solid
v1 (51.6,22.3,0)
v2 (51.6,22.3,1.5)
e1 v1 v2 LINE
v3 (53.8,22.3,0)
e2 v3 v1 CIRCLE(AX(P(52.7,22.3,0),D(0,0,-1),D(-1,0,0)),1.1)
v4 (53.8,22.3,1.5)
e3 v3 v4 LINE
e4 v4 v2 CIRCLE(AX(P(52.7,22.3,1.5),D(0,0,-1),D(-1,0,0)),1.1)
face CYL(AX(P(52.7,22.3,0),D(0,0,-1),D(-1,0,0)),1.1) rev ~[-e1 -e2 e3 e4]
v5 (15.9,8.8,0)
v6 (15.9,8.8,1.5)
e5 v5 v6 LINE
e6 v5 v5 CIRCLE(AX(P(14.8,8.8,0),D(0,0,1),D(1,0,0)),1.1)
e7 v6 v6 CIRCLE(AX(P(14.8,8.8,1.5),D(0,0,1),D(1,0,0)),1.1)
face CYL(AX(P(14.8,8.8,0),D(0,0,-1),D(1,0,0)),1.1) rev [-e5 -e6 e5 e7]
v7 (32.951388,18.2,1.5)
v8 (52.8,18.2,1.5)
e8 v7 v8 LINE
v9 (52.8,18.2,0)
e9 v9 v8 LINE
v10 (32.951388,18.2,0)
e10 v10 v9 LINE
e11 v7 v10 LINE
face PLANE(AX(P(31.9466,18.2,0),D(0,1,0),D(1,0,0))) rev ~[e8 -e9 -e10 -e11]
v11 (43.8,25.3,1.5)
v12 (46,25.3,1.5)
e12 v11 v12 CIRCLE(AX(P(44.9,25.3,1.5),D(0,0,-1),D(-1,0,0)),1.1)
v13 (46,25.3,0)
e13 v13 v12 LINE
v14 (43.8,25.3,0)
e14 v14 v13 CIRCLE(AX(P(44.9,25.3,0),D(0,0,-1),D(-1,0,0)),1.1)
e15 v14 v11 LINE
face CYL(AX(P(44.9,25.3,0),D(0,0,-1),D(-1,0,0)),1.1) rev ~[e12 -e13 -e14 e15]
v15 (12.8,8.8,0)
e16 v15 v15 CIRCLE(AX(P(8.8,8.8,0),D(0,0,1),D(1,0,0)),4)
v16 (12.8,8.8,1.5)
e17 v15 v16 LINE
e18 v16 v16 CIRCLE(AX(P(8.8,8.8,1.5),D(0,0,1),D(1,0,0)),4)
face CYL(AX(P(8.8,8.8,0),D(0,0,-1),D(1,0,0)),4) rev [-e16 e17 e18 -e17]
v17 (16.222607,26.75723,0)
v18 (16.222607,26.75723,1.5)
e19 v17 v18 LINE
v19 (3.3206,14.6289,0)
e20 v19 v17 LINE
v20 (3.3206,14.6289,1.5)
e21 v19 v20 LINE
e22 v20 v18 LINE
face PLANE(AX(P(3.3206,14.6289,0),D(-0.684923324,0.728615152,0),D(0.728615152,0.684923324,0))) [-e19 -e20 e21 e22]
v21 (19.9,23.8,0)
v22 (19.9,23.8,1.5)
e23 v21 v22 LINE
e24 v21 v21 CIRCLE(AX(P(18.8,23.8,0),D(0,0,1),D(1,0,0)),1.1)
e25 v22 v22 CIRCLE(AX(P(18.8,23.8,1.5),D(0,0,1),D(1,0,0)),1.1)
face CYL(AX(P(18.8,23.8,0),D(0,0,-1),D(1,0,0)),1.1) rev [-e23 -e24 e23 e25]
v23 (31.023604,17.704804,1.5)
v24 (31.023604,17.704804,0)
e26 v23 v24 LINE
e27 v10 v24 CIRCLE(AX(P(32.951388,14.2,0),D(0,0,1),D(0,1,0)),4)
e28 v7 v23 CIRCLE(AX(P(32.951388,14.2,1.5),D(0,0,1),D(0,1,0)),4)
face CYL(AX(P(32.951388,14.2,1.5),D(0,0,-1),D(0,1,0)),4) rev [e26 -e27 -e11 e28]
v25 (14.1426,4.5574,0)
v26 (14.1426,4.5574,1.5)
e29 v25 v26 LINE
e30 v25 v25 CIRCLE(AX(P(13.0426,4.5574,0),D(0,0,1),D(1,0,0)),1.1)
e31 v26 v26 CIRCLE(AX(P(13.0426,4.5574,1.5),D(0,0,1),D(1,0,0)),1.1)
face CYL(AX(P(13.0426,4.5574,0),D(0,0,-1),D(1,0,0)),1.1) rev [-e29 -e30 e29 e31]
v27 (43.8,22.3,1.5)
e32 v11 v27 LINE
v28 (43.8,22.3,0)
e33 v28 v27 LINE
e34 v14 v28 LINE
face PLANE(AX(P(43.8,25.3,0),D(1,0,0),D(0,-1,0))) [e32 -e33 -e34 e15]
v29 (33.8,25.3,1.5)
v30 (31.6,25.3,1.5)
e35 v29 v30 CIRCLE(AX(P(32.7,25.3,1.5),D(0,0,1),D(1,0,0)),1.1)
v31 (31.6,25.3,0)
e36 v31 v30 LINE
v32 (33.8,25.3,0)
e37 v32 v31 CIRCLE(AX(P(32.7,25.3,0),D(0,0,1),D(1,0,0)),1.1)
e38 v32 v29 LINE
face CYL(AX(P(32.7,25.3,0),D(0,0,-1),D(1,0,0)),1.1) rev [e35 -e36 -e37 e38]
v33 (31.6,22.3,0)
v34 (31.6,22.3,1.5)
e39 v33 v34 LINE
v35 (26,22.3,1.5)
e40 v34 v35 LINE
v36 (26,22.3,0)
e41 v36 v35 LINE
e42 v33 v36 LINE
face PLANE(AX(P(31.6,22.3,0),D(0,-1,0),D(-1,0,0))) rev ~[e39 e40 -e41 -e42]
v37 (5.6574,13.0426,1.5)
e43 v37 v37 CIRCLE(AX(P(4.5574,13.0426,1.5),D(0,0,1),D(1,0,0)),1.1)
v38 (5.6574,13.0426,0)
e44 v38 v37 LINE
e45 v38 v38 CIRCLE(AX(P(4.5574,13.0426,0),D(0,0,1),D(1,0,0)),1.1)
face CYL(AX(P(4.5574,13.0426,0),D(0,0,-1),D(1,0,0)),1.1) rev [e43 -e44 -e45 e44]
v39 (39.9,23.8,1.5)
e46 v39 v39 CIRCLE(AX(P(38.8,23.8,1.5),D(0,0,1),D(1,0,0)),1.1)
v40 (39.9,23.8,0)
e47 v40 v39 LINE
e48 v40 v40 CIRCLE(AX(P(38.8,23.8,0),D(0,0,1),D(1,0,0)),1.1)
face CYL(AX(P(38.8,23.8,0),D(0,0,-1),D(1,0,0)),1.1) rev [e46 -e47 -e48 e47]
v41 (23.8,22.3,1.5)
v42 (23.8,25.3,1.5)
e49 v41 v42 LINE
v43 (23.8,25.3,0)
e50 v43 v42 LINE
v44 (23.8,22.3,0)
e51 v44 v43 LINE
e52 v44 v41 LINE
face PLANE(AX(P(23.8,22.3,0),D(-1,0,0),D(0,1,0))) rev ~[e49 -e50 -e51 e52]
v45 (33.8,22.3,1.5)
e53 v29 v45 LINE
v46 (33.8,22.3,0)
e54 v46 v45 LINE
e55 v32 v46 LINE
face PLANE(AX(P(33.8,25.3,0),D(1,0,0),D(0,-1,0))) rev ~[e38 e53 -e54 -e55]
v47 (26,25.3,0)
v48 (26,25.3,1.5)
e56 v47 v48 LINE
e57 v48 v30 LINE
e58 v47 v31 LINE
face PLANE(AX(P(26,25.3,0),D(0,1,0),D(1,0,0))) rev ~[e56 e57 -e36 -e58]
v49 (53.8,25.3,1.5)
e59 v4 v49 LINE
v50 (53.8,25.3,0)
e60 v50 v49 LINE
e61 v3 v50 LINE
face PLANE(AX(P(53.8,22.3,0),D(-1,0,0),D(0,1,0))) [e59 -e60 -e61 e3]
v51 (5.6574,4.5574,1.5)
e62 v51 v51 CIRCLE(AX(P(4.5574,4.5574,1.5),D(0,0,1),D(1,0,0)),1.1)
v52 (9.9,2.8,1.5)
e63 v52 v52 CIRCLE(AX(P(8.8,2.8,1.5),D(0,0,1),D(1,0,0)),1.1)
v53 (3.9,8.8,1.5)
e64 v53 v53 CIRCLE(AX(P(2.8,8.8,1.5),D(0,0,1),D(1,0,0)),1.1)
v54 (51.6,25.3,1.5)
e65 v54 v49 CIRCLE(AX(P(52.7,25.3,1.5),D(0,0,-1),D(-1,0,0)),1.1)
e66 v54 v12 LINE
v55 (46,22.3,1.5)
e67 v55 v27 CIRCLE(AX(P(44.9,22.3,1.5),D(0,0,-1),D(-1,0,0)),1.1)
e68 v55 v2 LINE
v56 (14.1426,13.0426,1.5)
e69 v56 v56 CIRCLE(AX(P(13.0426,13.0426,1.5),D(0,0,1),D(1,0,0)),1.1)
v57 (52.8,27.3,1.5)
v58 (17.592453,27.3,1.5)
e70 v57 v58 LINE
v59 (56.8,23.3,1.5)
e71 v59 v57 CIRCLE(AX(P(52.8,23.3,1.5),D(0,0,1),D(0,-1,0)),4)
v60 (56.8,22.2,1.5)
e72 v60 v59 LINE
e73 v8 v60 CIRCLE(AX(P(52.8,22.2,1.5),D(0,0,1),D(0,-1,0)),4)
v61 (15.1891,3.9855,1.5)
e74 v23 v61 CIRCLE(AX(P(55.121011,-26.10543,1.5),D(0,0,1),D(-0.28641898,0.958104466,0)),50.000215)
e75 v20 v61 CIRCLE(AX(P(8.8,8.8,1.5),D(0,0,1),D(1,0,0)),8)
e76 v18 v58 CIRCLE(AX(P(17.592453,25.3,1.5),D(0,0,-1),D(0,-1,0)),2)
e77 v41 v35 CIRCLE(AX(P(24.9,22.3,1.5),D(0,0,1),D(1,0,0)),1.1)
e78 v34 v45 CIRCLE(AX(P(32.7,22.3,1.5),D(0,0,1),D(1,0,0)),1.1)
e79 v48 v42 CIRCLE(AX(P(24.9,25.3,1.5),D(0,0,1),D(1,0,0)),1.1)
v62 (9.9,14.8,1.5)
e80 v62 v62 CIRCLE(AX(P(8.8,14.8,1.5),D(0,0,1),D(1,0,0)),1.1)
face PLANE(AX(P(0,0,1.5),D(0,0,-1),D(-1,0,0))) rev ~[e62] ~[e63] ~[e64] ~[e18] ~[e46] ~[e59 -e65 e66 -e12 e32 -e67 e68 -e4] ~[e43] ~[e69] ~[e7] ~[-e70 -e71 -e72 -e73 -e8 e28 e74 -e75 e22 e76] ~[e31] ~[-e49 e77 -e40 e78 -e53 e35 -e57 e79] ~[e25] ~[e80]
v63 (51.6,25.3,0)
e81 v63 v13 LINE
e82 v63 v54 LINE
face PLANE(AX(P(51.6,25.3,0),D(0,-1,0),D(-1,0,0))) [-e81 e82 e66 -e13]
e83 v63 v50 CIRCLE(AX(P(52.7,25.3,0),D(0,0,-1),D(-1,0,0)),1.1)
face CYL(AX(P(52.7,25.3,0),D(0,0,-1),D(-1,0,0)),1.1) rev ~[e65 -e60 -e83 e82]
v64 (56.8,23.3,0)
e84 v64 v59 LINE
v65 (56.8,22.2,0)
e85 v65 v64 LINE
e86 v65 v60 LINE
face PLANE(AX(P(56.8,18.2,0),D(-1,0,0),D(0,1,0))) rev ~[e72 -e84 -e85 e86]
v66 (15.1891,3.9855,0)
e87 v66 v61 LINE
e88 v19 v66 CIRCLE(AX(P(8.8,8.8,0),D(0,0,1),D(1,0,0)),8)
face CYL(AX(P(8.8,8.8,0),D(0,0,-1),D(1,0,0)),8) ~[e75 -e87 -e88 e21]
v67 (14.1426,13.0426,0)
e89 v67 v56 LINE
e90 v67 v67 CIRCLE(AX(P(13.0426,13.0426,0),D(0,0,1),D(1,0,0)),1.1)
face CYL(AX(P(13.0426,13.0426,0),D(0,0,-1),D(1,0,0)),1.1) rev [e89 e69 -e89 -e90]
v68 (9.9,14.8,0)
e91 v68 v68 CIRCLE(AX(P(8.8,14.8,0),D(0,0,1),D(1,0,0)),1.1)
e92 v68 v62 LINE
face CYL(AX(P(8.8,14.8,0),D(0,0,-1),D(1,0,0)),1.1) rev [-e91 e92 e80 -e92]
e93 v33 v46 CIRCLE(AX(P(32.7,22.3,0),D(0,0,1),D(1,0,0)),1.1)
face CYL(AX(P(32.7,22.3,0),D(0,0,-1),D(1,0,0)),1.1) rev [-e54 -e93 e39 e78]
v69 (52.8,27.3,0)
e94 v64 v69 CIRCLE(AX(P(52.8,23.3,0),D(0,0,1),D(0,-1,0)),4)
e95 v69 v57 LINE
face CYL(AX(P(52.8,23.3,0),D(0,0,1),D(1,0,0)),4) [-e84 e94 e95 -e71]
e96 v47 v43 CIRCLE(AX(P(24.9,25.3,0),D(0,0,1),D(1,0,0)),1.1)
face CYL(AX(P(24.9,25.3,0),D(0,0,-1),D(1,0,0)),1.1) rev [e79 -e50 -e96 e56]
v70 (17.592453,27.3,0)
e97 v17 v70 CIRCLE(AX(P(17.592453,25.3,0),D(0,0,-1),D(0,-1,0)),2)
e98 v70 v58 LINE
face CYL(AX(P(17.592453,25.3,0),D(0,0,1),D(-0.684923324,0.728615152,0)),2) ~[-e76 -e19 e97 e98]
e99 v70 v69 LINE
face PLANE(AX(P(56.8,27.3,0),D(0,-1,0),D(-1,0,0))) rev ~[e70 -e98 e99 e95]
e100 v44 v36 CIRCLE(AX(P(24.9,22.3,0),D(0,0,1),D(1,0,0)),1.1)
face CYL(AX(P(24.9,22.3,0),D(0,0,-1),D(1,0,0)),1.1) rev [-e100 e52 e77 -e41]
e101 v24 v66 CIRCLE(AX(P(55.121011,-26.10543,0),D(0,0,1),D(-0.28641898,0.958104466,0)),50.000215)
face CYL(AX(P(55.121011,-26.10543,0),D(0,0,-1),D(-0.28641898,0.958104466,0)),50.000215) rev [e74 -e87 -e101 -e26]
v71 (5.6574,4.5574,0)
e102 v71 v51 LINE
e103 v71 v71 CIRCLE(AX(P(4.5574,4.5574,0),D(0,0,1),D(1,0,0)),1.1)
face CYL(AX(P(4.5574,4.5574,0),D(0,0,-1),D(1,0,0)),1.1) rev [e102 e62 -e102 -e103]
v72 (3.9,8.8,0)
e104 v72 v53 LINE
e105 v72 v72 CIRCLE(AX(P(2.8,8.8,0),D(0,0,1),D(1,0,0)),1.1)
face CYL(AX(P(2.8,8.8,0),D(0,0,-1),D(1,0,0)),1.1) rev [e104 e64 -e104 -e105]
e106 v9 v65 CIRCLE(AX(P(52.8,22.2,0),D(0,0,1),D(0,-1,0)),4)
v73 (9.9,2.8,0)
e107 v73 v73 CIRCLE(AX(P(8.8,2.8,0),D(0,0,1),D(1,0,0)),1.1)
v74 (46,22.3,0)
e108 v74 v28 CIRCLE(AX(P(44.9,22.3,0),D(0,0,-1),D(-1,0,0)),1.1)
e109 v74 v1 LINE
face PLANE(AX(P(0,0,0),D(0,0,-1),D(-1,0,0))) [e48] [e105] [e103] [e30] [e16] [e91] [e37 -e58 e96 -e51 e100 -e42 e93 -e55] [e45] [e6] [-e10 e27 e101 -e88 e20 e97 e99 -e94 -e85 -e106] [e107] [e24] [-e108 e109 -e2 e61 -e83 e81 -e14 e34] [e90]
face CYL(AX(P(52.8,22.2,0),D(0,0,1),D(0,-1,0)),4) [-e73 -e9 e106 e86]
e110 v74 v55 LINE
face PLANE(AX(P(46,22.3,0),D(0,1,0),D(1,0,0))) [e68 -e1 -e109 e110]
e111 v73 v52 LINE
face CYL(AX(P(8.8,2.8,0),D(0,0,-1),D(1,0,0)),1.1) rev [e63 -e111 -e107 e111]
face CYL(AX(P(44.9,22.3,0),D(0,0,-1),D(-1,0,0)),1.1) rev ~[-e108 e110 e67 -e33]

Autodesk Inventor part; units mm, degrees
ref_plane "YZ Plane" through (0, 0, 0) normal (1, 0, 0) x (0, 1, 0)
ref_plane "XZ Plane" through (0, 0, 0) normal (0, 1, 0) x (-1, 0, 0)
ref_plane "XY Plane" through (0, 0, 0) normal (0, 0, 1) x (1, 0, 0)
sketch "スケッチ1" plane through (0, 0, 0) normal (0, 0, 1) x (1, 0, 0)
  circle A0 centre (8.8, 8.8) radius 8 projected
  circle A1 centre (2.8, 8.8) radius 0.825 projected
  circle A2 centre (4.5574, 4.5574) radius 0.825 projected
  circle A3 centre (8.8, 2.8) radius 0.825 projected
  circle A4 centre (13.0426, 4.5574) radius 0.825 projected
  circle A5 centre (14.8, 8.8) radius 0.825 projected
  circle A6 centre (13.0426, 13.0426) radius 0.825 projected
  circle A7 centre (8.8, 14.8) radius 0.825 projected
  circle A8 centre (4.5574, 13.0426) radius 0.825 projected
  circle A9 centre (8.8, 8.8) radius 4 projected
  circle A10 centre (8.8, 14.8) radius 1.1
  circle A11 centre (4.5574, 13.0426) radius 1.1
  circle A12 centre (2.8, 8.8) radius 1.1
  circle A13 centre (4.5574, 4.5574) radius 1.1
  circle A14 centre (8.8, 2.8) radius 1.1
  circle A15 centre (13.0426, 4.5574) radius 1.1
  circle A16 centre (14.8, 8.8) radius 1.1
  circle A17 centre (13.0426, 13.0426) radius 1.1
  line L0 (3.3206, 14.6289) -> (16.8, 27.3)
  line L1 (23.8, 25.3) -> (33.8, 25.3)
  line L2 (33.8, 25.3) -> (33.8, 22.3)
  line L3 (33.8, 22.3) -> (23.8, 22.3)
  line L4 (23.8, 22.3) -> (23.8, 25.3)
  circle A18 centre (24.9, 25.3) radius 1.1
  line L5 (28.8, 25.3) -> (28.8, 22.3) construction
  line L6 (28.8, 23.8) -> (23.8, 23.8) construction
  circle A19 centre (24.9, 22.3) radius 1.1
  circle A20 centre (32.7, 25.3) radius 1.1
  circle A21 centre (32.7, 22.3) radius 1.1
  circle A22 centre (38.8, 23.8) radius 1.1
  circle A23 centre (18.8, 23.8) radius 1.1
  line L7 (16.8, 27.3) -> (40.8, 27.3)
  line L8 (40.8, 27.3) -> (40.8, 21.8)
  arc A24 (40.8, 21.8) -> (15.1891, 3.9855) centre (55.1209, -26.1052) ccw
  point P0 (0, 0)
  point P1 (31.6, 22.3)
  point P2 (26, 22.3)
  point P3 (26, 25.3)
  point P4 (31.6, 25.3)
  dimension "d7" = 2.2
  dimension "d0" = 2.2
  dimension "d3" = 360
  dimension "d5" = 10
  dimension "d6" = 3
  dimension "d8" = 2.2
  dimension "d9" = 5
  dimension "d10" = 2
  dimension "d11" = 2
  dimension "d12" = 2
  dimension "d13" = 20
  dimension "d14" = 2
  dimension "d15" = 15
  dimension "d16" = 50
extrude "押し出し1" add sketch "スケッチ1" along normal blind 1.5 contours A0 | A0 L0 L7 L8 A24
fillet "フィレット1" radius 2 3 edges at (40.8, 27.3, 0.75) (40.8, 21.8, 0.75) (16.8, 27.3, 0.75)
sketch "スケッチ4" plane through (0, 0, 0) normal (0, 0, -1) x (-1, 0, 0)
  line L0 (-53.8, 25.3) -> (-43.8, 25.3)
  line L1 (-43.8, 25.3) -> (-43.8, 22.3)
  line L2 (-43.8, 22.3) -> (-53.8, 22.3)
  line L3 (-53.8, 22.3) -> (-53.8, 25.3)
  circle A0 centre (-38.8, 23.8) radius 1.1 projected
  circle A1 centre (-52.7, 25.3) radius 1.1
  line L4 (-48.8, 25.3) -> (-48.8, 23.8) construction
  line L5 (-48.8, 23.8) -> (-53.8, 23.8) construction
  circle A2 centre (-44.9, 25.3) radius 1.1
  circle A3 centre (-52.7, 22.3) radius 1.1
  circle A4 centre (-44.9, 22.3) radius 1.1
  arc A5 (-15.1891, 3.9855) -> (-39.4277, 21.3682) centre (-55.1209, -26.1052) ccw projected
  line L6 (-31.9466, 18.2) -> (-56.8, 18.2)
  line L7 (-56.8, 18.2) -> (-56.8, 27.3)
  line L8 (-38.8, 27.3) -> (-17.5925, 27.3) construction
  line L9 (-56.8, 27.3) -> (-38.8, 27.3)
  arc A6 (-16.2226, 26.7572) -> (-17.5925, 27.3) centre (-17.5925, 25.3) ccw projected
  line L10 (-38.8, 27.3) -> (-17.5925, 27.3) projected
  arc A7 (-38.8, 27.3) -> (-40.8, 25.3) centre (-38.8, 25.3) ccw projected
  line L11 (-40.8, 23.2671) -> (-40.8, 25.3) projected
  arc A8 (-40.8, 23.2671) -> (-39.4277, 21.3682) centre (-38.8, 23.2671) ccw projected
  arc A9 (-15.1891, 3.9855) -> (-39.4277, 21.3682) centre (-55.1209, -26.1052) ccw construction
  arc A10 (-15.1891, 3.9855) -> (-3.3206, 14.6289) centre (-8.8, 8.8) ccw projected
  line L12 (-16.2226, 26.7572) -> (-3.3206, 14.6289) projected
  circle A11 centre (-8.8, 8.8) radius 4 projected
  circle A12 centre (-8.8, 14.8) radius 1.1 projected
  circle A13 centre (-4.5574, 13.0426) radius 1.1 projected
  circle A14 centre (-2.8, 8.8) radius 1.1 projected
  circle A15 centre (-4.5574, 4.5574) radius 1.1 projected
  circle A16 centre (-8.8, 2.8) radius 1.1 projected
  circle A17 centre (-13.0426, 4.5574) radius 1.1 projected
  circle A18 centre (-14.8, 8.8) radius 1.1 projected
  circle A19 centre (-13.0426, 13.0426) radius 1.1 projected
  circle A20 centre (-38.8, 23.8) radius 1.1 projected
  circle A21 centre (-18.8, 23.8) radius 1.1 projected
  line L13 (-33.8, 25.3) -> (-33.8, 22.3) projected
  arc A22 (-31.6, 25.3) -> (-33.8, 25.3) centre (-32.7, 25.3) ccw projected
  line L14 (-26, 25.3) -> (-31.6, 25.3) projected
  arc A23 (-23.8, 25.3) -> (-26, 25.3) centre (-24.9, 25.3) ccw projected
  line L15 (-23.8, 22.3) -> (-23.8, 25.3) projected
  arc A24 (-26, 22.3) -> (-23.8, 22.3) centre (-24.9, 22.3) ccw projected
  line L16 (-31.6, 22.3) -> (-26, 22.3) projected
  arc A25 (-33.8, 22.3) -> (-31.6, 22.3) centre (-32.7, 22.3) ccw projected
  point P0 (0, 0)
  point P1 (-43.8, 23.8)
  point P2 (-39.4277, 21.3682)
  point P3 (-46, 22.3)
  point P4 (-51.6, 22.3)
  point P5 (-51.6, 25.3)
  point P6 (-46, 25.3)
  dimension "d32" = 2.2
  dimension "d30" = 10
  dimension "d31" = 5
  dimension "d33" = 3
  dimension "d34" = 3
extrude "押し出し4" add sketch "スケッチ4" against normal up to surface (1.5 mm away) contours L6 L7 L9 A7 L11 A8 A5
fillet "フィレット4" radius 4 3 edges at (56.8, 18.2, 0.75) (56.8, 27.3, 0.75) (31.9466, 18.2, 0.75)
properties part number "tesaki_new" material "アルミニウム 2014-T4"
